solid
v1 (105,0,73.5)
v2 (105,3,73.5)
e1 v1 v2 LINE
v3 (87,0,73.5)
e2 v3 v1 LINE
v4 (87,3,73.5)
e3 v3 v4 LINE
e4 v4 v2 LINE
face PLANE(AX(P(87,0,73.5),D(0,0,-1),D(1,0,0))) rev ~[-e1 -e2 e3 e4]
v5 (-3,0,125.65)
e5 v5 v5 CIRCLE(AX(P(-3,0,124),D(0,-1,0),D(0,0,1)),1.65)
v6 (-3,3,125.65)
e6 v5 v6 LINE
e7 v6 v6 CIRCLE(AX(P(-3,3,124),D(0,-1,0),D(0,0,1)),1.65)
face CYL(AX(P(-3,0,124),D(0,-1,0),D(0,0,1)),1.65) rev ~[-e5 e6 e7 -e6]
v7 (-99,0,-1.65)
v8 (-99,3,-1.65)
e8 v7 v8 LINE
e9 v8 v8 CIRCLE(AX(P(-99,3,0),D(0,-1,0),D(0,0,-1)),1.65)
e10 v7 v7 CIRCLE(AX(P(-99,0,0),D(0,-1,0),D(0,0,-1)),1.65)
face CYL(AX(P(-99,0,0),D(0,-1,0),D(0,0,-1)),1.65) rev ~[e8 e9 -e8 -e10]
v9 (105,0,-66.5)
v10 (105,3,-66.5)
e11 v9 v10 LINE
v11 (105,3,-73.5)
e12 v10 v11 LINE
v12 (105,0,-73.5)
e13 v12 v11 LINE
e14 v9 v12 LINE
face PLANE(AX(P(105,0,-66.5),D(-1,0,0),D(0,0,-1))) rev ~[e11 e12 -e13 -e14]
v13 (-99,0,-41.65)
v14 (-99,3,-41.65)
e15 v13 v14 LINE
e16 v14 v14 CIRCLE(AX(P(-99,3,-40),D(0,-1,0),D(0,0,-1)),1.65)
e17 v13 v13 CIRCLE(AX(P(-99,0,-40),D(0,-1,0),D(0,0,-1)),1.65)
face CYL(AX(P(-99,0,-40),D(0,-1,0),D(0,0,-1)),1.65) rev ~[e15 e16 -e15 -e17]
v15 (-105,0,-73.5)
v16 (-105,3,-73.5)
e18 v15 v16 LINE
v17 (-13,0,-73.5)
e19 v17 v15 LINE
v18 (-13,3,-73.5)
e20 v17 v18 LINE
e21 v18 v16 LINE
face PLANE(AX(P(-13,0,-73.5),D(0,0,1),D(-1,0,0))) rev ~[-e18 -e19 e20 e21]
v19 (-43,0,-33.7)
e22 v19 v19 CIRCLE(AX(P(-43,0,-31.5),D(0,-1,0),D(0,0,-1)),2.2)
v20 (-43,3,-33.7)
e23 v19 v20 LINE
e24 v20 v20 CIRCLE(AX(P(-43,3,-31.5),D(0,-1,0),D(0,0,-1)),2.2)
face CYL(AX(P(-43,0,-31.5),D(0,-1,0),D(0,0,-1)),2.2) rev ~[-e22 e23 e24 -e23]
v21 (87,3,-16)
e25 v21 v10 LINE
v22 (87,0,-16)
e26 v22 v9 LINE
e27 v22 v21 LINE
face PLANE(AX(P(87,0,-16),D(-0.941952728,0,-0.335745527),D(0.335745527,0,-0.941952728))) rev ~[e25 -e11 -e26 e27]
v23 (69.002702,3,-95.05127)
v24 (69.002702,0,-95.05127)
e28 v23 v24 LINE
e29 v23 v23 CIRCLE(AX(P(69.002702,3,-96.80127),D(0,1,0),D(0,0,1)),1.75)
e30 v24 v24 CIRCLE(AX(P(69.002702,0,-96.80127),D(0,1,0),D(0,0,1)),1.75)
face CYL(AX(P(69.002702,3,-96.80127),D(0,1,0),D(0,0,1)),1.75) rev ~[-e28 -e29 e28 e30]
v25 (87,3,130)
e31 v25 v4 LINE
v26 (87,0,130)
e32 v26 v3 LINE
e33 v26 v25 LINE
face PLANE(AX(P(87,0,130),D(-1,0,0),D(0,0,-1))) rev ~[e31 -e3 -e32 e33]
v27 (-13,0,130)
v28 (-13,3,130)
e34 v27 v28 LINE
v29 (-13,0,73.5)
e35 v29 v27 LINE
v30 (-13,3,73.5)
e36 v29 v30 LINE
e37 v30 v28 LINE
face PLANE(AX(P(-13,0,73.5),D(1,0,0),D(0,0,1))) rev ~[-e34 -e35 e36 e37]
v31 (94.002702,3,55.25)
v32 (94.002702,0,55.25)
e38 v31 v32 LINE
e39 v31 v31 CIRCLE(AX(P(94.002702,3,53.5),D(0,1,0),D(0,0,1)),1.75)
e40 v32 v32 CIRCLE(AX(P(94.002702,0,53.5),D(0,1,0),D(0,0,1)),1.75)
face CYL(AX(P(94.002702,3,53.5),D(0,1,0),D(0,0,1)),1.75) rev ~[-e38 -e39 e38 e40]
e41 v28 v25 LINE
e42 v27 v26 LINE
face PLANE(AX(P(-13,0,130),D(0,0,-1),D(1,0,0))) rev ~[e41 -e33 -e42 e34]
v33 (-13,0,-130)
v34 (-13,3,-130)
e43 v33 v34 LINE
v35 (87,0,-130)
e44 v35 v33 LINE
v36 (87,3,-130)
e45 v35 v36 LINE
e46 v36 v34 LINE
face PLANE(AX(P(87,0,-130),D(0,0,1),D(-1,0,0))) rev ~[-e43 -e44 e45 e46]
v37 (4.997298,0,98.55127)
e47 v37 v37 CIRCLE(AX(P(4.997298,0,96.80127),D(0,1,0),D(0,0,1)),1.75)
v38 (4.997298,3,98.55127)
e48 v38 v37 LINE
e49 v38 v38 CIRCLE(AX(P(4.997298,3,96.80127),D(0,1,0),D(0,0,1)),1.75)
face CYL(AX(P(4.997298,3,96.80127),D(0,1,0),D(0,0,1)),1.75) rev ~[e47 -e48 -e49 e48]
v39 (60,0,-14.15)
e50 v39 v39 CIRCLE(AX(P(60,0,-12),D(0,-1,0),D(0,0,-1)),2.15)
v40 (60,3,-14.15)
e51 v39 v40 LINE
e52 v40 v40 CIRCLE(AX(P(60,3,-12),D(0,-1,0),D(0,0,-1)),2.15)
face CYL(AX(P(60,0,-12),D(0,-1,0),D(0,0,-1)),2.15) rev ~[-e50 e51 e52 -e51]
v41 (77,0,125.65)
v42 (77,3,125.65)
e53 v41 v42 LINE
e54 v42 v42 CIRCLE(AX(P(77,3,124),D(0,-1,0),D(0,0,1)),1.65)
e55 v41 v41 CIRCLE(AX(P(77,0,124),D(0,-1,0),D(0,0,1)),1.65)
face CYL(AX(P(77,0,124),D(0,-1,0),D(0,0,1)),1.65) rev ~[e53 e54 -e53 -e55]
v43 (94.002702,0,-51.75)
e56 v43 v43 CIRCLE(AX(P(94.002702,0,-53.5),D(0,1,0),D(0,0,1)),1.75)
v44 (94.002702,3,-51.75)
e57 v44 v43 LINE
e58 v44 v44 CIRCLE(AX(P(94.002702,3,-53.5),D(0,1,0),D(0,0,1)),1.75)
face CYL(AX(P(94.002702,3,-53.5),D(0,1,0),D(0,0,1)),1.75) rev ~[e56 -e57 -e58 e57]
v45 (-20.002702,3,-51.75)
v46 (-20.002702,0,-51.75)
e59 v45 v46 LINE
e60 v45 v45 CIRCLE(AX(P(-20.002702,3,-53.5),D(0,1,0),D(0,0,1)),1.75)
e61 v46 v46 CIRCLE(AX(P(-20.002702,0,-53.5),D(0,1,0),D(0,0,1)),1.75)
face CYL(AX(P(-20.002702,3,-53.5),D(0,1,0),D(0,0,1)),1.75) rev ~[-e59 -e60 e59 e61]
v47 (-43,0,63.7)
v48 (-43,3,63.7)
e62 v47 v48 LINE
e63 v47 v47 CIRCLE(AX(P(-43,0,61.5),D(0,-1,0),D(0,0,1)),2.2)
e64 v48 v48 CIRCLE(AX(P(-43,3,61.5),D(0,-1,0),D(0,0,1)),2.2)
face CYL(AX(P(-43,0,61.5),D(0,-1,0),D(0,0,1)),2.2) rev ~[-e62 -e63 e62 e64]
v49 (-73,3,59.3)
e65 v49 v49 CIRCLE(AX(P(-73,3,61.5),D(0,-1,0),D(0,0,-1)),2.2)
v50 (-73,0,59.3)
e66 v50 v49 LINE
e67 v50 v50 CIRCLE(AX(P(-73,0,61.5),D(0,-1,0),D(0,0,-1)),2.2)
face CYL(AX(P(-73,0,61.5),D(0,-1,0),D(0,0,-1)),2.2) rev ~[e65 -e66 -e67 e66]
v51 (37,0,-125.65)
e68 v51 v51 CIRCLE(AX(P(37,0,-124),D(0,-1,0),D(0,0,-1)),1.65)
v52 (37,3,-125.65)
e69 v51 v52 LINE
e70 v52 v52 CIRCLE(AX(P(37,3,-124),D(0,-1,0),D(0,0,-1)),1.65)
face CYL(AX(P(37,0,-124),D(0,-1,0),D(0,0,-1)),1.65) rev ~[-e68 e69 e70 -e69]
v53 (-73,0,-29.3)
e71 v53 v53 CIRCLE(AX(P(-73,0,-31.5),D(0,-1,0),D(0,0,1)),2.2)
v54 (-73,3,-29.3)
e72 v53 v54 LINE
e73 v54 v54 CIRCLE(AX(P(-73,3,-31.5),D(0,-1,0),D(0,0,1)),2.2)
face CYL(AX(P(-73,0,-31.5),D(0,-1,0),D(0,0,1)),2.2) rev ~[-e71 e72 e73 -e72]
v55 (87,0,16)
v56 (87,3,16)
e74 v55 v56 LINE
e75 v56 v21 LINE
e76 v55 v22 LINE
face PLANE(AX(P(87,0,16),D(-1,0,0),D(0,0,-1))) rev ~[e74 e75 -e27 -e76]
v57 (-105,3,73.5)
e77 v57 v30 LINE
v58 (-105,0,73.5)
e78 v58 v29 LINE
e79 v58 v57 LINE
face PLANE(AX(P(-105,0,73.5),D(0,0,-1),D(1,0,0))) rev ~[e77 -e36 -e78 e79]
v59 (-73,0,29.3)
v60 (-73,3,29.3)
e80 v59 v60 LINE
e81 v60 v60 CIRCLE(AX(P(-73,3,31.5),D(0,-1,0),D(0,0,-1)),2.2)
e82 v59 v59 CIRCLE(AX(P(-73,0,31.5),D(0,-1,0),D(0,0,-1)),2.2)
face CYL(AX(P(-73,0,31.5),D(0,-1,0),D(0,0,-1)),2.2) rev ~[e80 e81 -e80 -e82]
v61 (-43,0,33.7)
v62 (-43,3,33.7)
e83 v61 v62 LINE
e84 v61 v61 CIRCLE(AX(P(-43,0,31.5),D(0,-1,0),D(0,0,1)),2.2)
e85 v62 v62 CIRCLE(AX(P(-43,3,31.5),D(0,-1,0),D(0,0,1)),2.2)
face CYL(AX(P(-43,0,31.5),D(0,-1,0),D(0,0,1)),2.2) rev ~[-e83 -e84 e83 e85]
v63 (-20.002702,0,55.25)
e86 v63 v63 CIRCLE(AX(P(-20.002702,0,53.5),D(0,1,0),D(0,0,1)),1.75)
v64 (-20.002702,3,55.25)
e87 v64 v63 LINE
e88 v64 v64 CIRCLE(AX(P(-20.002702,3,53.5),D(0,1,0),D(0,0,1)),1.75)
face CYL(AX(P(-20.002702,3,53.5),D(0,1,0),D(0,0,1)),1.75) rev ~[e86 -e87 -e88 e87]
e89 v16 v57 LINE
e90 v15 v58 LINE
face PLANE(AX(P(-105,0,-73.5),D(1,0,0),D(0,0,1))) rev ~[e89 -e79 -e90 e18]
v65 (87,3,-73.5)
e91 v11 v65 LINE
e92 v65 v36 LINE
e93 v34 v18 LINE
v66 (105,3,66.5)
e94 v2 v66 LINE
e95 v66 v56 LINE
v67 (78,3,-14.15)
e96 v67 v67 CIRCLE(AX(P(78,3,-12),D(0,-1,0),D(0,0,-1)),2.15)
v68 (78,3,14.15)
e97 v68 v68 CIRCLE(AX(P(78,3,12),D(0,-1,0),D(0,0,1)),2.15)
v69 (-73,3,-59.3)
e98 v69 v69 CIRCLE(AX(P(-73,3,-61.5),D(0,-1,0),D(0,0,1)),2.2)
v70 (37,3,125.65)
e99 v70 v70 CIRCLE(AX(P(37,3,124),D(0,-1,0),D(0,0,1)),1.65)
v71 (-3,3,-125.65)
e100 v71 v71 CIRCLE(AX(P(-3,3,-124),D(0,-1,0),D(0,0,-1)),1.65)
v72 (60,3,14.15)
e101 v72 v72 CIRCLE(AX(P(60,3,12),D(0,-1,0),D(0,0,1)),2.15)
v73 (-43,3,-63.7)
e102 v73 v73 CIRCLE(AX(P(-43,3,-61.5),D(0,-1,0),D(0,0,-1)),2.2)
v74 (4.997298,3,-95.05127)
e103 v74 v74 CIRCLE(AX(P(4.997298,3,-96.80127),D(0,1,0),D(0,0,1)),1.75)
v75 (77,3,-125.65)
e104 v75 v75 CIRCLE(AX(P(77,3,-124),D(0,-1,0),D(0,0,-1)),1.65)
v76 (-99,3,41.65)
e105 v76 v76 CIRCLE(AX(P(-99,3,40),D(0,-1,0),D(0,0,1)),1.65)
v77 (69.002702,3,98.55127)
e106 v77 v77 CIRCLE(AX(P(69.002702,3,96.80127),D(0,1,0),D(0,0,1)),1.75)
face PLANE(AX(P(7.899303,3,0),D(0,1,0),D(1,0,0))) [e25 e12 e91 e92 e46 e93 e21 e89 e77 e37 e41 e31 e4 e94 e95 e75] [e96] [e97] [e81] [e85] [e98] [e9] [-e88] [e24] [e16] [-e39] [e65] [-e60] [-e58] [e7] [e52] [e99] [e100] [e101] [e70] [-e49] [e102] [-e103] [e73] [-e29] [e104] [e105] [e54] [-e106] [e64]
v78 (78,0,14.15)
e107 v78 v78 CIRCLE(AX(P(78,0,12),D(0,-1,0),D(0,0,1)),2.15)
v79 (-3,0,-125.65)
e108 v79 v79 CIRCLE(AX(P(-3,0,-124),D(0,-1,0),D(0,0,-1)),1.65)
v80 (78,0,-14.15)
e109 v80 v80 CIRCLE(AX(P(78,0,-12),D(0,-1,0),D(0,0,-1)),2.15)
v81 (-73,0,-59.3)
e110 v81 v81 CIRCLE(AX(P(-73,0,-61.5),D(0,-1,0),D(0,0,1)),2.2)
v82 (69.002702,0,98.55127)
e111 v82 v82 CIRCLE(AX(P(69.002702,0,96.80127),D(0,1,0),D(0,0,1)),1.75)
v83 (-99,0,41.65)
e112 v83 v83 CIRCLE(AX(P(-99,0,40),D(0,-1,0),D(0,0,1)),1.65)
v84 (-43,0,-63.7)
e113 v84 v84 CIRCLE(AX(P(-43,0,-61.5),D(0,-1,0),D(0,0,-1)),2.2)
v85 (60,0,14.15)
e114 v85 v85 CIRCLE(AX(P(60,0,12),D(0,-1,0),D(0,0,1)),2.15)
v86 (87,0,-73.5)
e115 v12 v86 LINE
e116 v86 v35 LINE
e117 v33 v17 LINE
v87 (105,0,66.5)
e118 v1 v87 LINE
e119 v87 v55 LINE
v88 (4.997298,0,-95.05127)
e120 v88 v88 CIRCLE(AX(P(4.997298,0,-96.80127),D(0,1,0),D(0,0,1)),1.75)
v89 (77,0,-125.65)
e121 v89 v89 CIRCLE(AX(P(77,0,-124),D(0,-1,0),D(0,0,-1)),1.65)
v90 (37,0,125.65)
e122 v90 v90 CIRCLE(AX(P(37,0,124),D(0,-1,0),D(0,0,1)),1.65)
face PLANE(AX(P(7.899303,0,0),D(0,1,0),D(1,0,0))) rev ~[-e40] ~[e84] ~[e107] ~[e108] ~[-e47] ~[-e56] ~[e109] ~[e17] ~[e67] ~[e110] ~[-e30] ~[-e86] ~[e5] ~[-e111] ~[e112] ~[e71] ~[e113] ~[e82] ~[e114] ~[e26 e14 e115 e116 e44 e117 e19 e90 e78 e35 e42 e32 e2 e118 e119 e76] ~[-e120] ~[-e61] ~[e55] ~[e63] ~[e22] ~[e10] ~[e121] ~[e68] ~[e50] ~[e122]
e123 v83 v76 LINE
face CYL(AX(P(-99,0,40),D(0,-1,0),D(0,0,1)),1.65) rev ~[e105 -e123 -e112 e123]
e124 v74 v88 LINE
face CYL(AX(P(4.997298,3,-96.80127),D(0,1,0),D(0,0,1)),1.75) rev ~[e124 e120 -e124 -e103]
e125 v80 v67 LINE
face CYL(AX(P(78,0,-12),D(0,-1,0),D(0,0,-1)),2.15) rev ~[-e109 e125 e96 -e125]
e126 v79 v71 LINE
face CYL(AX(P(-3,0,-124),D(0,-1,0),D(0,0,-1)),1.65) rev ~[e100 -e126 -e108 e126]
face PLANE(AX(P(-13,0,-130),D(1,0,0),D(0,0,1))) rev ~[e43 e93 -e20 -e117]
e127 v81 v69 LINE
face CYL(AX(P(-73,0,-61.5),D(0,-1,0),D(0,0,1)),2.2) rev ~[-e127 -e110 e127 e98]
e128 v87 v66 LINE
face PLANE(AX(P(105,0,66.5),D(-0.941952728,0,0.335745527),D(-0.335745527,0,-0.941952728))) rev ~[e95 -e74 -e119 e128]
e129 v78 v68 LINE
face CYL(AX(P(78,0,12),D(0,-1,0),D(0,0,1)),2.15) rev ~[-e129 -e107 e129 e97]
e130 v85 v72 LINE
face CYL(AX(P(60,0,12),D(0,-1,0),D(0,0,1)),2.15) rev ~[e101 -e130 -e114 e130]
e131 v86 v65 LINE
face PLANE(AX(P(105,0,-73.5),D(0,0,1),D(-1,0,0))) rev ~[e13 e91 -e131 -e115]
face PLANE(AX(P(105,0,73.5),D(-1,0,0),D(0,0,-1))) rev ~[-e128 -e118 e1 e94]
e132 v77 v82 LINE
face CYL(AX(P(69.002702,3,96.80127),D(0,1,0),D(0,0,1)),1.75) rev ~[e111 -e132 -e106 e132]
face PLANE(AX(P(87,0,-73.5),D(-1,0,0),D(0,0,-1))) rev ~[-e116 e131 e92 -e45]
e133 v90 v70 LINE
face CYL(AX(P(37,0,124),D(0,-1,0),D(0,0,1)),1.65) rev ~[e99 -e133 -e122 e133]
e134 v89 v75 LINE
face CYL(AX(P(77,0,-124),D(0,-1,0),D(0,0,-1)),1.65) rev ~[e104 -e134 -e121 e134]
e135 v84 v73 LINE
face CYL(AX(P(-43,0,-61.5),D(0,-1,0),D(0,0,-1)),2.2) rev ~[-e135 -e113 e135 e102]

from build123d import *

# Parameters (mm, degrees)
EXTRUDE_1_DEPTH     = 3
SKETCH_2_R          = 2.15
SKETCH_2_R_2        = 1.65
SKETCH_2_R_3        = 2.2
CUT_EXTRUDE_1_DEPTH = 10
SKETCH_3_R          = 1.75
CUT_EXTRUDE_2_DEPTH = 4.5


with BuildPart() as part:
    # 草图1 → 凸台-拉伸1 (new body)
    with BuildSketch(Plane(origin=(0, 0, 0), x_dir=(1, 0, 0), z_dir=(0, 1, 0))):
        Polygon((-105, -73.5), (-13, -73.5), (-13, -130), (87, -130), (87, -73.5), (105, -73.5), (105, -66.5), (87, -16), (87, 16), (105, 66.5), (105, 73.5), (87, 73.5), (87, 130), (-13, 130), (-13, 73.5), (-105, 73.5), align=None)
    extrude(amount=EXTRUDE_1_DEPTH)

    # 草图2 → 切除-拉伸1 (cut)
    with BuildSketch(Plane.XZ):
        with Locations(Location((78, -12, 0), (0, 0, 270))):
            Circle(SKETCH_2_R)
        with Locations(Location((60, -12, 0), (0, 0, 270))):
            Circle(SKETCH_2_R)
        with Locations(Location((60, 12, 0), (0, 0, 90))):
            Circle(SKETCH_2_R)
        with Locations(Location((78, 12, 0), (0, 0, 90))):
            Circle(SKETCH_2_R)
        with Locations(Location((-3, -124, 0), (0, 0, 270))):
            Circle(SKETCH_2_R_2)
        with Locations(Location((37, -124, 0), (0, 0, 270))):
            Circle(SKETCH_2_R_2)
        with Locations(Location((77, -124, 0), (0, 0, 270))):
            Circle(SKETCH_2_R_2)
        with Locations(Location((77, 124, 0), (0, 0, 90))):
            Circle(SKETCH_2_R_2)
        with Locations(Location((37, 124, 0), (0, 0, 90))):
            Circle(SKETCH_2_R_2)
        with Locations(Location((-3, 124, 0), (0, 0, 90))):
            Circle(SKETCH_2_R_2)
        with Locations(Location((-99, -40, 0), (0, 0, 270))):
            Circle(SKETCH_2_R_2)
        with Locations(Location((-99, 40, 0), (0, 0, 90))):
            Circle(SKETCH_2_R_2)
        with Locations(Location((-73, 61.5, 0), (0, 0, 270))):
            Circle(SKETCH_2_R_3)
        with Locations(Location((-73, 31.5, 0), (0, 0, 270))):
            Circle(SKETCH_2_R_3)
        with Locations(Location((-43, 61.5, 0), (0, 0, 90))):
            Circle(SKETCH_2_R_3)
        with Locations(Location((-43, 31.5, 0), (0, 0, 90))):
            Circle(SKETCH_2_R_3)
        with Locations(Location((-43, -31.5, 0), (0, 0, 270))):
            Circle(SKETCH_2_R_3)
        with Locations(Location((-43, -61.5, 0), (0, 0, 270))):
            Circle(SKETCH_2_R_3)
        with Locations(Location((-73, -31.5, 0), (0, 0, 90))):
            Circle(SKETCH_2_R_3)
        with Locations(Location((-73, -61.5, 0), (0, 0, 90))):
            Circle(SKETCH_2_R_3)
        with Locations(Location((-99, 0, 0), (0, 0, 270))):
            Circle(SKETCH_2_R_2)
    extrude(amount=-CUT_EXTRUDE_1_DEPTH, mode=Mode.SUBTRACT)

    # 草图3 → 切除-拉伸2 (cut)
    with BuildSketch(Plane(origin=(0, 3, 0), x_dir=(1, 0, 0), z_dir=(0, 1, 0))):
        with Locations(Location((-20.002701991, 53.5, 0), (0, 0, 270))):
            Circle(SKETCH_3_R)
        with Locations(Location((4.997298009, 96.801270189, 0), (0, 0, 270))):
            Circle(SKETCH_3_R)
        with Locations(Location((69.002701991, 96.801270189, 0), (0, 0, 270))):
            Circle(SKETCH_3_R)
        with Locations(Location((94.002701991, 53.5, 0), (0, 0, 270))):
            Circle(SKETCH_3_R)
        with Locations(Location((94.002701991, -53.5, 0), (0, 0, 270))):
            Circle(SKETCH_3_R)
        with Locations(Location((69.002701991, -96.801270189, 0), (0, 0, 270))):
            Circle(SKETCH_3_R)
        with Locations(Location((4.997298009, -96.801270189, 0), (0, 0, 270))):
            Circle(SKETCH_3_R)
        with Locations(Location((-20.002701991, -53.5, 0), (0, 0, 270))):
            Circle(SKETCH_3_R)
    extrude(amount=-CUT_EXTRUDE_2_DEPTH, mode=Mode.SUBTRACT)


solid = part.part
